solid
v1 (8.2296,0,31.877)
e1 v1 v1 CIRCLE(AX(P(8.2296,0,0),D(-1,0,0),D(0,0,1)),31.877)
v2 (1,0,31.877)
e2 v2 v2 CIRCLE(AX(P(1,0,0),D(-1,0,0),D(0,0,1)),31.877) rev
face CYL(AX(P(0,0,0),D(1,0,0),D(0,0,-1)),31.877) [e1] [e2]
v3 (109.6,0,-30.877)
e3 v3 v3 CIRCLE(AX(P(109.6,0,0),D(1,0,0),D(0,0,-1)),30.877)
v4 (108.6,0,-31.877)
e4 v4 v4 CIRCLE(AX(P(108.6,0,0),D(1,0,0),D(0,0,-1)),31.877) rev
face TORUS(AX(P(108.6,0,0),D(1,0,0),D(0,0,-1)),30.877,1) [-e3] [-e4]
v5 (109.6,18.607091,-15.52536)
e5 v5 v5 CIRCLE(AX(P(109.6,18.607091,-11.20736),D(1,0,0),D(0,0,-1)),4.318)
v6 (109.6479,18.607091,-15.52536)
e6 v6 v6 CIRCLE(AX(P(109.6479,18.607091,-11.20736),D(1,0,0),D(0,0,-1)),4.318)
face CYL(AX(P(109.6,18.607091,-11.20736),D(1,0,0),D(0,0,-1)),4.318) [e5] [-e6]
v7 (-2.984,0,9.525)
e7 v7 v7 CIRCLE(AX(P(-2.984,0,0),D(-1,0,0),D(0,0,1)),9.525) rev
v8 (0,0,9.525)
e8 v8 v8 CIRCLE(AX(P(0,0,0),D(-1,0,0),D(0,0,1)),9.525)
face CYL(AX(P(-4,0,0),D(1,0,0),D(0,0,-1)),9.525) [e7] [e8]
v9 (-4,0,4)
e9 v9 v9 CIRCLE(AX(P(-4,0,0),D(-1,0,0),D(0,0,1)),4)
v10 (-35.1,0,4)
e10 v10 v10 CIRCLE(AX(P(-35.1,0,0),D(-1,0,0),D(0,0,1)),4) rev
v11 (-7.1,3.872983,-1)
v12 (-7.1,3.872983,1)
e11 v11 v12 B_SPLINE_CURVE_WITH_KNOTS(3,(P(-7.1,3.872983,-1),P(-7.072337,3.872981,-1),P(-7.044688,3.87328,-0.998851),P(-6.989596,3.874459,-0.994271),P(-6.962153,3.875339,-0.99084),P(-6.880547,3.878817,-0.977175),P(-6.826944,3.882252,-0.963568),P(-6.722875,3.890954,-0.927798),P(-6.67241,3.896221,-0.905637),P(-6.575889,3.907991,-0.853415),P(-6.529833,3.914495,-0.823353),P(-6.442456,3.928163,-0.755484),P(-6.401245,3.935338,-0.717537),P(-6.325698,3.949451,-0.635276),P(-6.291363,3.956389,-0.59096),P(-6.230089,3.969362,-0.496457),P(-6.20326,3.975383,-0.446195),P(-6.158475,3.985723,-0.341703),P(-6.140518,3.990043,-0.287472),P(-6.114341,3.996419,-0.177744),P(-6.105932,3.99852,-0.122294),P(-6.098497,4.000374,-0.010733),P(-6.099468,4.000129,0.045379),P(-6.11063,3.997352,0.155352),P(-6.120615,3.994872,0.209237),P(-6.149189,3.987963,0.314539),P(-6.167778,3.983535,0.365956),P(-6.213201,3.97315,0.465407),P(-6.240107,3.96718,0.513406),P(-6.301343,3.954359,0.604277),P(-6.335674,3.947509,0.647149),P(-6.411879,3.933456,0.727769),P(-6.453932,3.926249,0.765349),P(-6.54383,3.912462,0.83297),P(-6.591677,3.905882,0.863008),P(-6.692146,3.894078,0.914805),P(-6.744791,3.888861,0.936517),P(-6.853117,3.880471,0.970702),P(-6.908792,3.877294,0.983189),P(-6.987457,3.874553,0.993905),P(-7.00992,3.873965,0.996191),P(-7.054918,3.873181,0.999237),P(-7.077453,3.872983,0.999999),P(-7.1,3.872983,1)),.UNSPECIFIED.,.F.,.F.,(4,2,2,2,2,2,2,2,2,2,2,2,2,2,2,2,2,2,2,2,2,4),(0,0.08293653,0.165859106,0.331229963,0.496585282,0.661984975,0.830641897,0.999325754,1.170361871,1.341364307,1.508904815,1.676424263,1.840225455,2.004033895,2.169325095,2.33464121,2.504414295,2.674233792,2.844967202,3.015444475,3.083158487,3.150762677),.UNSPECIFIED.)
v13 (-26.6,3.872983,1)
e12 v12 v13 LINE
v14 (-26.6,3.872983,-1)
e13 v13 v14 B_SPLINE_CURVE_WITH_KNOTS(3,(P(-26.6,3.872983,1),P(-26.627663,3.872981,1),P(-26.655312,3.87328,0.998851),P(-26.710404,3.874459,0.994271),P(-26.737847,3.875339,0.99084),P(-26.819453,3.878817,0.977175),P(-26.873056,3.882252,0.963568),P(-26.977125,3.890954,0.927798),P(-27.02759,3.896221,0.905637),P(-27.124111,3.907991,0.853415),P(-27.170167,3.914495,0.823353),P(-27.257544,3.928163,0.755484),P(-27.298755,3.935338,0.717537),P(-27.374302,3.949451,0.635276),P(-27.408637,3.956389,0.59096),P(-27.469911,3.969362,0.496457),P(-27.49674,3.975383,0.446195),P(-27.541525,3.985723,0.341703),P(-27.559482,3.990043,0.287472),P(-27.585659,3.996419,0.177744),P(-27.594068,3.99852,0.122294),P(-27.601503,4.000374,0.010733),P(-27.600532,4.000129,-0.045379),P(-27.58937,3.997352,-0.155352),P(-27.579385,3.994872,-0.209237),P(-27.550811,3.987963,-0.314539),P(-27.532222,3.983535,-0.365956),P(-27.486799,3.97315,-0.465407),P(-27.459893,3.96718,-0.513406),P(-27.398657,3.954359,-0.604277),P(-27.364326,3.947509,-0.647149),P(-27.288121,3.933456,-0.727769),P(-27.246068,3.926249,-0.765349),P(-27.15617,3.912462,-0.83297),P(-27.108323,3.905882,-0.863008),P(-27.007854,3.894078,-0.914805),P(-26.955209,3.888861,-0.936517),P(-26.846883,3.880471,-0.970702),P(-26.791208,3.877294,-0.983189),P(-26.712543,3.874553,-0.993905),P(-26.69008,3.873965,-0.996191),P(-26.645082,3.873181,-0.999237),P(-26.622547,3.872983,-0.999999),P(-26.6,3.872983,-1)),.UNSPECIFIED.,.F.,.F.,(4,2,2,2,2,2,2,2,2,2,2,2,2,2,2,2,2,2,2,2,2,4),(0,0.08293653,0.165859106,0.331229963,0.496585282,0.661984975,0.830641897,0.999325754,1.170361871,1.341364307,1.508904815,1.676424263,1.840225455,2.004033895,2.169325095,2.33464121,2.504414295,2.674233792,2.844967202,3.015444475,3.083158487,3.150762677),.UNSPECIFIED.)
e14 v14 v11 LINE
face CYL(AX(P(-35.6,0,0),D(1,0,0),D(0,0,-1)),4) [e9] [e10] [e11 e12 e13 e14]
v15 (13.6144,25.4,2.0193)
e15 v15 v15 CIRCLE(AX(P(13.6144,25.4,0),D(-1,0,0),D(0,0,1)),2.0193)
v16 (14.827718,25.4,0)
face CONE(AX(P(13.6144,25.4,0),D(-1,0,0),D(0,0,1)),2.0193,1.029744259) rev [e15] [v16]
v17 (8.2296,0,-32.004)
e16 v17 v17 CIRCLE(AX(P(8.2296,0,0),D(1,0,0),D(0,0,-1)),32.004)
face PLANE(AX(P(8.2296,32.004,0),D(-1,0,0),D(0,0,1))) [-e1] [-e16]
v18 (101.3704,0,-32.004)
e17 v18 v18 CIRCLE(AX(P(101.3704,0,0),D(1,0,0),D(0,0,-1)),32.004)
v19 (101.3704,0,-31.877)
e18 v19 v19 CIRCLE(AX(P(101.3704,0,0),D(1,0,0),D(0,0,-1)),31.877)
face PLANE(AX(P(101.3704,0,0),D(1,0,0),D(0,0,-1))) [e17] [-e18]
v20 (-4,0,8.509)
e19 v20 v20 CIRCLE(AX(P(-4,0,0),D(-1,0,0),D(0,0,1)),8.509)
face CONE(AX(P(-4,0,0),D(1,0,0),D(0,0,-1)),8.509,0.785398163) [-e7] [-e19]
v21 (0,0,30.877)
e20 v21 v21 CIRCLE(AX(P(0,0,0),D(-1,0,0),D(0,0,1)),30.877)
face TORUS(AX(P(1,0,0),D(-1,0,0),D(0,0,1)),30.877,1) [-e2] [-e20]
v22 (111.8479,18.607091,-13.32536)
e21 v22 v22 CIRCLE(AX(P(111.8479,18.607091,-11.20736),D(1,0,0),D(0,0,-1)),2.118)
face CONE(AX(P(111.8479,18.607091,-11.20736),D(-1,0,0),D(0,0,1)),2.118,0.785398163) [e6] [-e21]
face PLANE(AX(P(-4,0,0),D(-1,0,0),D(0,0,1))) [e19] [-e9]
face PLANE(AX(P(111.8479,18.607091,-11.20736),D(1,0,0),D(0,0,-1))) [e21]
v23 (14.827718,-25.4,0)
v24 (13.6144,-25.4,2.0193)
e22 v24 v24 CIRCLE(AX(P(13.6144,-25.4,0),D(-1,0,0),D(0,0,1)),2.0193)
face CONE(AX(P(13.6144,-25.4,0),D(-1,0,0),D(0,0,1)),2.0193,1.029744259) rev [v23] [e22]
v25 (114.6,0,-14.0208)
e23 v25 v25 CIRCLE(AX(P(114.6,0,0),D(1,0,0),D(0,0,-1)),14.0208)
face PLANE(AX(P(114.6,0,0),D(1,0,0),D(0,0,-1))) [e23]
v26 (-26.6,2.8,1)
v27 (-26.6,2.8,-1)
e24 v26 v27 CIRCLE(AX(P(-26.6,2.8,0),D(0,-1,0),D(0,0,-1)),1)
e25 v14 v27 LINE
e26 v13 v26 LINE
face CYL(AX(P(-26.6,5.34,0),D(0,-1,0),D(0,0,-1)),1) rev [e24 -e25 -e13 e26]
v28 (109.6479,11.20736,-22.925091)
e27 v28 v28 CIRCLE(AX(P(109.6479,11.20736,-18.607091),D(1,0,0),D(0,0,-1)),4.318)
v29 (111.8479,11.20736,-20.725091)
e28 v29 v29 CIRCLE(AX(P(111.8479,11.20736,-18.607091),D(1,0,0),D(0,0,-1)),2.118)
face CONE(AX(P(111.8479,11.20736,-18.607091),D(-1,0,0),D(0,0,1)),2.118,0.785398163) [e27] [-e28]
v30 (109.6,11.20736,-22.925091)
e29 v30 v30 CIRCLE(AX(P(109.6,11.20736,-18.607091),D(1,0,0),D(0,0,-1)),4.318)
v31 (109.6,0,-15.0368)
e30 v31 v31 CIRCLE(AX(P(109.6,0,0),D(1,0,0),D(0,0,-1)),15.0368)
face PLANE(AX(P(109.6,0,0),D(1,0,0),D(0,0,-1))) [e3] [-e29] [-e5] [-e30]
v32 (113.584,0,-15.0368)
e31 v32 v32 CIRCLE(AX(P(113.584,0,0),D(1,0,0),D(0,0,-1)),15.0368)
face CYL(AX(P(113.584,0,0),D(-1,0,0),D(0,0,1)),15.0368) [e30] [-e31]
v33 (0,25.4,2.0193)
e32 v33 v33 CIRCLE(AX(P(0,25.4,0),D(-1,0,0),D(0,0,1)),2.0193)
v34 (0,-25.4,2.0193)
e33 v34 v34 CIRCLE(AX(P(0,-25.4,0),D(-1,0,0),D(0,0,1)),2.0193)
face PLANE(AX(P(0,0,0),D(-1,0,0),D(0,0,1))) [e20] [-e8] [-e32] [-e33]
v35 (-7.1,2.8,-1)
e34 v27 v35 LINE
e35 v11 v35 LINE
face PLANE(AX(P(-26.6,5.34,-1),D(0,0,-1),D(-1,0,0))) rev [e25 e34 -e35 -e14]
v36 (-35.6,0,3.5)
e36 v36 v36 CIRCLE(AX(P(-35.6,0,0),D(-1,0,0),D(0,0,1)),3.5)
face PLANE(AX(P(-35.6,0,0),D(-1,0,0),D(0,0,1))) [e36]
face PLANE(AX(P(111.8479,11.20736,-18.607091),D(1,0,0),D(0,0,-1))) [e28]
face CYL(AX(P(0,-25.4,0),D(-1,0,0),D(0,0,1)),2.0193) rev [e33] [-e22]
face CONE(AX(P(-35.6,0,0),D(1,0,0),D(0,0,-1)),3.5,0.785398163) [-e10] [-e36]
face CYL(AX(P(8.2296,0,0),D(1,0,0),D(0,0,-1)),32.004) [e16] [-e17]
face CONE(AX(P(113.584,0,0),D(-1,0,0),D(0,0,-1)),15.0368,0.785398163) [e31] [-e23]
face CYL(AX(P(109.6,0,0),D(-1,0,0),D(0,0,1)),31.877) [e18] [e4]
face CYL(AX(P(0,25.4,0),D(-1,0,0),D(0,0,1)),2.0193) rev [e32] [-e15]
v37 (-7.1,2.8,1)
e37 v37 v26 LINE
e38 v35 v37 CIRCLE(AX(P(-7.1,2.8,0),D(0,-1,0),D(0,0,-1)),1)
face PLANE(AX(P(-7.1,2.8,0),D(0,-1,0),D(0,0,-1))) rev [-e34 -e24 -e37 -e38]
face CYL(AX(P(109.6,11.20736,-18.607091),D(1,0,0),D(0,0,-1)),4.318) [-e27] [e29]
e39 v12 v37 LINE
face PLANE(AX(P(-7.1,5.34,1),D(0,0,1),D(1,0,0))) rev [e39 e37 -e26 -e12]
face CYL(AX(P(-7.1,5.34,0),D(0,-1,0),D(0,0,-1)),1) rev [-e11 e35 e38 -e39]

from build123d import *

# Parameters (mm, degrees)
SKETCH1_W                  = 93.1408
SKETCH1_H                  = 32.004
SKETCH2_R                  = 31.877
BOSS_EXTRUDE1_DEPTH        = 8.2296
SKETCH3_R                  = 15.0368
BOSS_EXTRUDE2_DEPTH        = 3.984
SKETCH4_R                  = 15.0368
BOSS_EXTRUDE3_DEPTH        = 1.016
BOSS_EXTRUDE3_TAPER        = 45
SKETCH5_R                  = 31.877
BOSS_EXTRUDE4_DEPTH        = 8.2296
SKETCH6_R                  = 9.525
BOSS_EXTRUDE5_DEPTH        = 4
SKETCH7_R                  = 4
BOSS_EXTRUDE6_DEPTH        = 31.6
M3_5_CLEARANCE_HOLE1_D     = 4.0386
M3_5_CLEARANCE_HOLE1_DEPTH = 13.6144
M3_5_CLEARANCE_HOLE1_TIP   = 1.213317848
CHAMFER1_SIZE              = 1.016
CHAMFER2_SIZE              = 0.5
FILLET1_R                  = 1
CUT_EXTRUDE2_DEPTH         = 2.54


with BuildPart() as part:
    # Sketch1 → Revolve1 (revolve)
    with BuildSketch(Plane.XY):
        with Locations((54.8, 16.002)):
            Rectangle(SKETCH1_W, SKETCH1_H)
    revolve(axis=Axis((8.2296, 0, 0), (1, 0, 0)))

    # Sketch2 → Boss-Extrude1 (add)
    with BuildSketch(Plane(origin=(101.3704, 0, 0), x_dir=(0, 0, -1), z_dir=(1, 0, 0))):
        Circle(SKETCH2_R)
    extrude(amount=BOSS_EXTRUDE1_DEPTH)

    # Sketch3 → Boss-Extrude2 (add)
    with BuildSketch(Plane(origin=(109.6, 0, 0), x_dir=(0, 0, -1), z_dir=(1, 0, 0))):
        Circle(SKETCH3_R)
    extrude(amount=BOSS_EXTRUDE2_DEPTH)

    # Sketch4 → Boss-Extrude3 (add)
    with BuildSketch(Plane(origin=(113.584, 0, 0), x_dir=(0, 0, -1), z_dir=(1, 0, 0))):
        Circle(SKETCH4_R)
    extrude(amount=BOSS_EXTRUDE3_DEPTH, taper=BOSS_EXTRUDE3_TAPER)

    # Sketch5 → Boss-Extrude4 (add)
    with BuildSketch(Plane.ZY.offset(-8.2296)):
        Circle(SKETCH5_R)
    extrude(amount=BOSS_EXTRUDE4_DEPTH)

    # Sketch6 → Boss-Extrude5 (add)
    with BuildSketch(Plane.ZY):
        Circle(SKETCH6_R)
    extrude(amount=BOSS_EXTRUDE5_DEPTH)

    # Sketch7 → Boss-Extrude6 (add)
    with BuildSketch(Plane.ZY.offset(4)):
        Circle(SKETCH7_R)
    extrude(amount=BOSS_EXTRUDE6_DEPTH)

    # Sketch9 → Revolve2 (revolve)
    with BuildSketch(Plane.XY.offset(-18.607090683)):
        Polygon((109.6, 15.525359639), (109.6, 11.207359639), (111.8479, 11.207359639), (111.8479, 13.325359639), (109.6479, 15.525359639), align=None)
    revolve(axis=Axis((109.6, 11.207359639, -18.607090683), (1, 0, 0)))

    # Sketch10 → Revolve3 (revolve)
    with BuildSketch(Plane.XY.offset(-11.207359639)):
        Polygon((109.6, 22.925090683), (109.6, 18.607090683), (111.8479, 18.607090683), (111.8479, 20.725090683), (109.6479, 22.925090683), align=None)
    revolve(axis=Axis((109.6, 18.607090683, -11.207359639), (1, 0, 0)))

    # M3.5 Clearance Hole1
    with Locations(Plane.ZY):
        with Locations((0, 25.4), (0, -25.4)):
            Hole(M3_5_CLEARANCE_HOLE1_D / 2, depth=M3_5_CLEARANCE_HOLE1_DEPTH)
            with Locations((0, 0, -(M3_5_CLEARANCE_HOLE1_DEPTH + M3_5_CLEARANCE_HOLE1_TIP / 2))):  # 118° drill point
                Cone(0, M3_5_CLEARANCE_HOLE1_D / 2, M3_5_CLEARANCE_HOLE1_TIP, mode=Mode.SUBTRACT)

    # Chamfer1
    chamfer1_edges = [part.edges().sort_by_distance(p)[0] for p in [
        (-4, 0, -9.525),
    ]]
    chamfer(chamfer1_edges, length=CHAMFER1_SIZE)

    # Chamfer2
    chamfer2_edges = [part.edges().sort_by_distance(p)[0] for p in [
        (-35.6, 0, -4),
    ]]
    chamfer(chamfer2_edges, length=CHAMFER2_SIZE)

    # Fillet1
    fillet1_edges = [part.edges().sort_by_distance(p)[0] for p in [
        (0, 0, -31.877),
        (109.6, 0, 31.877),
    ]]
    fillet(fillet1_edges, radius=FILLET1_R)

    # Sketch8 → Cut-Extrude2 (cut)
    with BuildSketch(Plane.XZ.offset(-2.8)):
        with BuildLine():
            Line((-7.1, 1), (-26.6, 1))
            ThreePointArc((-26.6, 1), (-27.6, 0), (-26.6, -1))
            Line((-26.6, -1), (-7.1, -1))
            ThreePointArc((-7.1, -1), (-6.1, 0), (-7.1, 1))
        make_face()
    extrude(amount=-CUT_EXTRUDE2_DEPTH, mode=Mode.SUBTRACT)


solid = part.part
